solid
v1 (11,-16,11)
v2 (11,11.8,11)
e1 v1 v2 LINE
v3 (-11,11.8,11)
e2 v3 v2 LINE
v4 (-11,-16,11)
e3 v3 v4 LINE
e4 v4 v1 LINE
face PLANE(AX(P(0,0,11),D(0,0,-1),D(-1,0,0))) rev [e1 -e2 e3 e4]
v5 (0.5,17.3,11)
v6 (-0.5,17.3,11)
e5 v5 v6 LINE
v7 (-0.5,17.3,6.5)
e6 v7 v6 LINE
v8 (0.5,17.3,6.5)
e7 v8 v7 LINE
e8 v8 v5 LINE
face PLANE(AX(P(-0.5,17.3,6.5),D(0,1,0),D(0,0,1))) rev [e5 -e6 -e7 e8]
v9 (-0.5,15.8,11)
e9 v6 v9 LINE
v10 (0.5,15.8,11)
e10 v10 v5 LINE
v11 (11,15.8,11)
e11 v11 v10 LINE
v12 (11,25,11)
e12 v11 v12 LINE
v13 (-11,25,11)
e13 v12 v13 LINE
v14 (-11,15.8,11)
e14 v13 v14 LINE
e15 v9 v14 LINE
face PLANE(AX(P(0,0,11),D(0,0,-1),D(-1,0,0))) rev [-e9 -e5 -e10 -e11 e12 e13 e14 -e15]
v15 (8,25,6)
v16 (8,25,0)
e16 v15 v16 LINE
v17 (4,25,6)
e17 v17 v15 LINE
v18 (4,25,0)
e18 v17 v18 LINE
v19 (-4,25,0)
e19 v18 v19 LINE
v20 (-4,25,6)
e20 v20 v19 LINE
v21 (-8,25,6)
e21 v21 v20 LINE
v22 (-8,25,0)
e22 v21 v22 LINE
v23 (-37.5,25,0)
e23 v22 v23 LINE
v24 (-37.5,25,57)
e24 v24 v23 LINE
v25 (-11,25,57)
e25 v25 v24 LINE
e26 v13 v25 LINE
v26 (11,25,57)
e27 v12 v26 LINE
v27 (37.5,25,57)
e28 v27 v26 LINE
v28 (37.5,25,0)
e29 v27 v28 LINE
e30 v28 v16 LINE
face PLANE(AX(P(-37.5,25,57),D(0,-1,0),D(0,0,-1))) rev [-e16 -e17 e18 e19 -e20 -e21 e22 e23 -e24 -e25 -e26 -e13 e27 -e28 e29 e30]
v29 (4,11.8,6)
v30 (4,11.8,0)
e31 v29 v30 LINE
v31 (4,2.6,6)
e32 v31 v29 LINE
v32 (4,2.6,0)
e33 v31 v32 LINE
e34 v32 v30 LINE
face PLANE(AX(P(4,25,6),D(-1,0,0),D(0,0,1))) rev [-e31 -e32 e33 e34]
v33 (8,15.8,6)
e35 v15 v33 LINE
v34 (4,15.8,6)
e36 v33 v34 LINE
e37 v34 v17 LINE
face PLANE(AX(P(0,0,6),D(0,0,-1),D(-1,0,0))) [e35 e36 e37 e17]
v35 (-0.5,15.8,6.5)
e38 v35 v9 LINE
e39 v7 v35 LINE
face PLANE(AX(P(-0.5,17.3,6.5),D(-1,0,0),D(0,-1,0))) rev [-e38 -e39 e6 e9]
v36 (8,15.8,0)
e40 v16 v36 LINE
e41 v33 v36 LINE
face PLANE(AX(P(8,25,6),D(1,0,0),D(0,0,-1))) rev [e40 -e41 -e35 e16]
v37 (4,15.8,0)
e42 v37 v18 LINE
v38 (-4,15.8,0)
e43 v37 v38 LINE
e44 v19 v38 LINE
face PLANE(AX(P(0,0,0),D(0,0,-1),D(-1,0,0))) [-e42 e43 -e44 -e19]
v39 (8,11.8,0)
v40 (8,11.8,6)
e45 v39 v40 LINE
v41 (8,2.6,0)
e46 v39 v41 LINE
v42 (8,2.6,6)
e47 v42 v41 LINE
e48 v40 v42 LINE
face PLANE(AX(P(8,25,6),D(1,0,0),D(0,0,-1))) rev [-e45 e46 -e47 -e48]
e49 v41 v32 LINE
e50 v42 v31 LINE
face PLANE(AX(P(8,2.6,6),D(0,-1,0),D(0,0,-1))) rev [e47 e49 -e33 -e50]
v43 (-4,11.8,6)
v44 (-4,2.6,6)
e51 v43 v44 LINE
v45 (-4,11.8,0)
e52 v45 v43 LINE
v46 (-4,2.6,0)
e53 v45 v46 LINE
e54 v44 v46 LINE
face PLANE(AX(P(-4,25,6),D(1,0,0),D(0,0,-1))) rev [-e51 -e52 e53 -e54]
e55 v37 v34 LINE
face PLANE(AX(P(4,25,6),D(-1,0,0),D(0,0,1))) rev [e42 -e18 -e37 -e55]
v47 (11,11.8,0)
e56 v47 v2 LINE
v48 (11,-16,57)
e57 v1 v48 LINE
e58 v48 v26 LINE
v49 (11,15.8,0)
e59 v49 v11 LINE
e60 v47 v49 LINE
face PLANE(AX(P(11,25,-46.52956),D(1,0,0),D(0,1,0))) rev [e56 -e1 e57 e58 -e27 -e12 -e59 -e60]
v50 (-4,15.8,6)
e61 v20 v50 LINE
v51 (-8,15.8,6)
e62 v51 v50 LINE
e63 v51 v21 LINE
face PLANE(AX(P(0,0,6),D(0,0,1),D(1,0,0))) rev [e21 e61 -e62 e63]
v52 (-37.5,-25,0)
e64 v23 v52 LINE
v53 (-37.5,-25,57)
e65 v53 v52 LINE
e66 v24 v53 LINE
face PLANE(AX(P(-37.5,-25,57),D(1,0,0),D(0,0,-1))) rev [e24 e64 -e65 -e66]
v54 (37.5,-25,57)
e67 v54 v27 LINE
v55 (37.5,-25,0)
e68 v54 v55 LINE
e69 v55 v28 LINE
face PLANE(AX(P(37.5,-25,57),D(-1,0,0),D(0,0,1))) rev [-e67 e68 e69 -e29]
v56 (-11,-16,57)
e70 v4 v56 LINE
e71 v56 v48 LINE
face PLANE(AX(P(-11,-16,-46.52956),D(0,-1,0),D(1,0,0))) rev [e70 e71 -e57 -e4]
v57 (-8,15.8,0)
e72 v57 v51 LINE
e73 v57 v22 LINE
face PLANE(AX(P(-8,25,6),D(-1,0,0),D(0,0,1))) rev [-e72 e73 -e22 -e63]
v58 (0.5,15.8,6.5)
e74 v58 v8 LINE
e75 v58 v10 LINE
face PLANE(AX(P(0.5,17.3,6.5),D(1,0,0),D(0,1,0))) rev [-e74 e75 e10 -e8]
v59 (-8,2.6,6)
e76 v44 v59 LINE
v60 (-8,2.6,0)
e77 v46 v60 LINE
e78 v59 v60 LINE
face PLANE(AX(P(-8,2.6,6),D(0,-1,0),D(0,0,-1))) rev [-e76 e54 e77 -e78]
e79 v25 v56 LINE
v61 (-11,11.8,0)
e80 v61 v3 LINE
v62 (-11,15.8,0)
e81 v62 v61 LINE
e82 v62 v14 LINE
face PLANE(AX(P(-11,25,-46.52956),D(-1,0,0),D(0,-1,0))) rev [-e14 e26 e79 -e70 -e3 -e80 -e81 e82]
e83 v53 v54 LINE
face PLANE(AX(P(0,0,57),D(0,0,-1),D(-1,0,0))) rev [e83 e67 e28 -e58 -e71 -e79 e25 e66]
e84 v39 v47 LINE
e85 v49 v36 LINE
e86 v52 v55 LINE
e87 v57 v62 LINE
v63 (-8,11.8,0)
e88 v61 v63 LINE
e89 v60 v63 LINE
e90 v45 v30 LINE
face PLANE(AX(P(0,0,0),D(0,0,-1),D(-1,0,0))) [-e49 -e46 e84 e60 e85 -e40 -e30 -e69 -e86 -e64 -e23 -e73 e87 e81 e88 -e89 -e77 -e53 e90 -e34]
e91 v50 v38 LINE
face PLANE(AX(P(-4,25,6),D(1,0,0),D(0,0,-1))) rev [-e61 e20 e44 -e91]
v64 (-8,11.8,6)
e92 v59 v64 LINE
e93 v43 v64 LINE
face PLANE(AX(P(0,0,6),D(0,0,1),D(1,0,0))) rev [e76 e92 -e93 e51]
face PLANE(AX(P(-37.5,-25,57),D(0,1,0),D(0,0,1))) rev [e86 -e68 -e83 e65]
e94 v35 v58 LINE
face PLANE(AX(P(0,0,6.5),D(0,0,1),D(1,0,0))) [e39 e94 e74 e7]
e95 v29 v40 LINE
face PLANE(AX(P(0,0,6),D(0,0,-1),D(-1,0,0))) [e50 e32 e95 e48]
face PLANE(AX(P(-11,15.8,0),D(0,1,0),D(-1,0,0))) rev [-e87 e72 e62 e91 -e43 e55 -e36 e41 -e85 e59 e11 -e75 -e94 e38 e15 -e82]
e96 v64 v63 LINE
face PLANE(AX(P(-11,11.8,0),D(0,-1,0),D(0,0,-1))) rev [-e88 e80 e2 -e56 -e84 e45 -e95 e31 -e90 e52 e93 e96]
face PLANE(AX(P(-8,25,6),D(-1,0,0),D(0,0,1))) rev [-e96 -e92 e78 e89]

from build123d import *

# Parameters (mm, degrees)
SKETCH1_W           = 75
SKETCH1_H           = 50
BOSS_EXTRUDE1_DEPTH = 57
SKETCH2_W           = 22
SKETCH2_H           = 41
CUT_EXTRUDE1_DEPTH  = 46
SKETCH4_W           = 22
SKETCH4_H           = 4
CUT_EXTRUDE2_DEPTH  = 65.399145957
SKETCH5_W           = 4
SKETCH5_H           = 22.4
CUT_EXTRUDE3_DEPTH  = 6
SKETCH6_W           = 1
SKETCH6_H           = 1.5
CUT_EXTRUDE4_DEPTH  = 4.5


with BuildPart() as part:
    # Sketch1 → Boss-Extrude1 (new body)
    with BuildSketch(Plane.XY):
        Rectangle(SKETCH1_W, SKETCH1_H)
    extrude(amount=BOSS_EXTRUDE1_DEPTH)

    # Sketch2 → Cut-Extrude1 (cut)
    with BuildSketch(Plane.XY.offset(57)):
        with Locations((0, 4.5)):
            Rectangle(SKETCH2_W, SKETCH2_H)
    extrude(amount=-CUT_EXTRUDE1_DEPTH, mode=Mode.SUBTRACT)

    # Sketch4 → Cut-Extrude2 (cut, through all)
    with BuildSketch(Plane.XY.offset(11)):
        with Locations((0, 13.8)):
            Rectangle(SKETCH4_W, SKETCH4_H)
    extrude(amount=-CUT_EXTRUDE2_DEPTH, mode=Mode.SUBTRACT)

    # Sketch5 → Cut-Extrude3 (cut)
    with BuildSketch(Plane(origin=(0, 0, 0), x_dir=(-1, 0, 0), z_dir=(0, 0, -1))):
        with Locations((-6, 13.8)):
            Rectangle(SKETCH5_W, SKETCH5_H)
        with Locations((6, 13.8)):
            Rectangle(SKETCH5_W, SKETCH5_H)
    extrude(amount=-CUT_EXTRUDE3_DEPTH, mode=Mode.SUBTRACT)

    # Sketch6 → Cut-Extrude4 (cut)
    with BuildSketch(Plane.XY.offset(11)):
        with Locations((0, 16.55)):
            Rectangle(SKETCH6_W, SKETCH6_H)
    extrude(amount=-CUT_EXTRUDE4_DEPTH, mode=Mode.SUBTRACT)


solid = part.part
